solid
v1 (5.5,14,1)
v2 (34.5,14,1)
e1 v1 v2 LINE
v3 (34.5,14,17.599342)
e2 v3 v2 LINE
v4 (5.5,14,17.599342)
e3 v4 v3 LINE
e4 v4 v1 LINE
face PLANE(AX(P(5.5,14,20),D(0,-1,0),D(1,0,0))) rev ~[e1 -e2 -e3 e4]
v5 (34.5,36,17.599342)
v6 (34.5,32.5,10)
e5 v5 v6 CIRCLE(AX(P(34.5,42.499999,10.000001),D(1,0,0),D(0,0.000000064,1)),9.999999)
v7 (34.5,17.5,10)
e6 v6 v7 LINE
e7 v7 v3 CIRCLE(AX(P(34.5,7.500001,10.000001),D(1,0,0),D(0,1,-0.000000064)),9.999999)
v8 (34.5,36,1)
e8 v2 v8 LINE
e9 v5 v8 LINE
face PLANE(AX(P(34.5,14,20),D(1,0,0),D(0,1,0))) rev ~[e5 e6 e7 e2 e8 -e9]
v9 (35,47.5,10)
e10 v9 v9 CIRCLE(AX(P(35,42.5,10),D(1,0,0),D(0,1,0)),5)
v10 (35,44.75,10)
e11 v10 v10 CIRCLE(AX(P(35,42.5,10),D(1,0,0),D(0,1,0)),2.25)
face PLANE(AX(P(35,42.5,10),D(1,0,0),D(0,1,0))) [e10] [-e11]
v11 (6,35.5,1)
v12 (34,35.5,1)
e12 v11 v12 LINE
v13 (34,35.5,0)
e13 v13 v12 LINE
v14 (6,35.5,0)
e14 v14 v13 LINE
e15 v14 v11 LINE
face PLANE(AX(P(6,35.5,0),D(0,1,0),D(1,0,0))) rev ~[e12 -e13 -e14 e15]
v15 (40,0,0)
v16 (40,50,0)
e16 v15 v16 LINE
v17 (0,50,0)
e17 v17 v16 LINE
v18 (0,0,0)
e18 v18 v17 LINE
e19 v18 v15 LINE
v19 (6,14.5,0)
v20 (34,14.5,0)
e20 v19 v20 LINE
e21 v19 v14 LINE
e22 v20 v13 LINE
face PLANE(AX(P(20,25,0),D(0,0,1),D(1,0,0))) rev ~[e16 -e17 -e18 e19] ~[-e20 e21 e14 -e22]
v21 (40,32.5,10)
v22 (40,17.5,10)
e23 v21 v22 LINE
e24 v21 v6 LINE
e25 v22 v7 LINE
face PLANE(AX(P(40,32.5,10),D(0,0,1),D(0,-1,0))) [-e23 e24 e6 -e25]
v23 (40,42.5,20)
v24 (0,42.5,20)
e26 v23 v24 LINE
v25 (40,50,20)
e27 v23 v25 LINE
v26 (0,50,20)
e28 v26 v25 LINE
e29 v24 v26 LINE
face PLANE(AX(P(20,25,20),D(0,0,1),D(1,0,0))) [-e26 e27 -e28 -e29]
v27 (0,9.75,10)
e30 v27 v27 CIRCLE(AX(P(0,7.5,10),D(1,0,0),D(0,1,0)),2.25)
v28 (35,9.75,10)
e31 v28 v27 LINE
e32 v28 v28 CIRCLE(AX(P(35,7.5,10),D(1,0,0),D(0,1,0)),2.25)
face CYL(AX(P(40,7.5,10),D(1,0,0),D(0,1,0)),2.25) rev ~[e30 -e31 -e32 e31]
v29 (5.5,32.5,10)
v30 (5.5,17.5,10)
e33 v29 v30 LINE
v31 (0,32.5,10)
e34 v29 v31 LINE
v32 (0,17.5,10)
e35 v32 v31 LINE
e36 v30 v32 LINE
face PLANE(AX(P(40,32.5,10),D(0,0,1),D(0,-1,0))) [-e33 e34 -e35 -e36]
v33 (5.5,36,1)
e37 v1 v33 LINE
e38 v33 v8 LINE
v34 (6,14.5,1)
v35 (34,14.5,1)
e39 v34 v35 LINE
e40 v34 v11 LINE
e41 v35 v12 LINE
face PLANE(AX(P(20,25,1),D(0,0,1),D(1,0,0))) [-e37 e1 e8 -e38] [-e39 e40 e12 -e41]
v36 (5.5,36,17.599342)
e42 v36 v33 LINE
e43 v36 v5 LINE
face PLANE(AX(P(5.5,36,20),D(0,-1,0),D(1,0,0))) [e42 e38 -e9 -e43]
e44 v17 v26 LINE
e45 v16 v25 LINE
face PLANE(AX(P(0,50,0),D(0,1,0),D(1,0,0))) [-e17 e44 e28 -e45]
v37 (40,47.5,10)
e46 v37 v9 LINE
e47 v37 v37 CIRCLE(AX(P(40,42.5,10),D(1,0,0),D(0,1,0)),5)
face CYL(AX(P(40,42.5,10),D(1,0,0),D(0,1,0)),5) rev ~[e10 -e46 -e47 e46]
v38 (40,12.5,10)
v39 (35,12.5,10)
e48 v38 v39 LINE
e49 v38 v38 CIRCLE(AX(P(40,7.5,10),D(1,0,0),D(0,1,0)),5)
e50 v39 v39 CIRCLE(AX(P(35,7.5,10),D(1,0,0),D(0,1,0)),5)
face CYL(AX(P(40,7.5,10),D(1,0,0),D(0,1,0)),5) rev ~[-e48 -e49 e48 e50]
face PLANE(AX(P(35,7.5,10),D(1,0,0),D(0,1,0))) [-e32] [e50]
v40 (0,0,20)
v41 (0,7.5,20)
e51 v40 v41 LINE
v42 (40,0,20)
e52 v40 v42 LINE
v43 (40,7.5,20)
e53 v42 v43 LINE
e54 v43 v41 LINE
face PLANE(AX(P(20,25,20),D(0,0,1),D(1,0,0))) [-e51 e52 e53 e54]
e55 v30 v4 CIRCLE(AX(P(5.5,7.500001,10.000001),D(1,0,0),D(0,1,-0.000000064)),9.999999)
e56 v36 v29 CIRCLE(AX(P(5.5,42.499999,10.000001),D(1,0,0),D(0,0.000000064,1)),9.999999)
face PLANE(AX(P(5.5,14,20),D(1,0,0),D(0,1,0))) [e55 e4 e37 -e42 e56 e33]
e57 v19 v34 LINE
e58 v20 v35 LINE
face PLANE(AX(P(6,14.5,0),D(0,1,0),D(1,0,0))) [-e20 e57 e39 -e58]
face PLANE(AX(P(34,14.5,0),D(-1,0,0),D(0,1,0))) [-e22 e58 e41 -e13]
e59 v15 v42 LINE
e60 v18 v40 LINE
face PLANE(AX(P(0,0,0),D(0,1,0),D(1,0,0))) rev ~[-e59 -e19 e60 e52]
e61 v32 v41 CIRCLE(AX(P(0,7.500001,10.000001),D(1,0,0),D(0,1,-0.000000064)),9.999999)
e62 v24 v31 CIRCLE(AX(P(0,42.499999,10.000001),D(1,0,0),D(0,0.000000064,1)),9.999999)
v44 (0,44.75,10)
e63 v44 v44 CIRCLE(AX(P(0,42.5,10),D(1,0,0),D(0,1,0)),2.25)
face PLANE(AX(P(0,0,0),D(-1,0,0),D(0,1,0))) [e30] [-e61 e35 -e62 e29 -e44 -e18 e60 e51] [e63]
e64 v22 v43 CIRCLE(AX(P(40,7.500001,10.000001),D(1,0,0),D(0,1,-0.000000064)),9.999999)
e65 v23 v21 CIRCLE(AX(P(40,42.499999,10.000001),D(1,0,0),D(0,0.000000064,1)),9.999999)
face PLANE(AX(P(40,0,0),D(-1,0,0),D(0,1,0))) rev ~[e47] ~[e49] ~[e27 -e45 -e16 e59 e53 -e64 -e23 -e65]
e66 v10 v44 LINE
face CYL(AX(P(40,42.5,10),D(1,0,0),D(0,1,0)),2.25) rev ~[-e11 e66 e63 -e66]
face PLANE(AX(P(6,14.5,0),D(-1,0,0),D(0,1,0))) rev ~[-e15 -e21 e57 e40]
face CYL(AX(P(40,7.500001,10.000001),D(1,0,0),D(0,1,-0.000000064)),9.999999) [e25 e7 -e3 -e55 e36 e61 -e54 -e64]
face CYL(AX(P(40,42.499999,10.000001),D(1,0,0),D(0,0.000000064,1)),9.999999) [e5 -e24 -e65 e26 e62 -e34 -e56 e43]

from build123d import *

# Parameters (mm, degrees)
SKETCH_W        = 40
SKETCH_H        = 50
SKETCH_W_2      = 28
SKETCH_H_2      = 21
PAD_DEPTH       = 20
SKETCH001_R     = 2.25
POCKET_DEPTH    = 40.001
SKETCH002_W     = 29
SKETCH002_H     = 22
POCKET001_DEPTH = 19
SKETCH003_R     = 5
POCKET002_DEPTH = 5
POCKET003_DEPTH = 40.001


with BuildPart() as part:
    # Sketch → Pad (new body)
    with BuildSketch(Plane.XY):
        with Locations((20, 25)):
            Rectangle(SKETCH_W, SKETCH_H)
        with Locations((20, 25)):
            Rectangle(SKETCH_W_2, SKETCH_H_2, mode=Mode.SUBTRACT)
    extrude(amount=PAD_DEPTH)

    # Sketch001 → Pocket (cut, through all)
    with BuildSketch(Plane.YZ.offset(40)):
        with Locations((7.5, 10)):
            Circle(SKETCH001_R)
        with Locations((42.5, 10)):
            Circle(SKETCH001_R)
    extrude(amount=-POCKET_DEPTH, mode=Mode.SUBTRACT)

    # Sketch002 → Pocket001 (cut)
    with BuildSketch(Plane.XY.offset(20)):
        with Locations((20, 25)):
            Rectangle(SKETCH002_W, SKETCH002_H)
    extrude(amount=-POCKET001_DEPTH, mode=Mode.SUBTRACT)

    # Sketch003 → Pocket002 (cut)
    with BuildSketch(Plane.YZ.offset(40)):
        with Locations((7.5, 10)):
            Circle(SKETCH003_R)
        with Locations((42.5, 10)):
            Circle(SKETCH003_R)
    extrude(amount=-POCKET002_DEPTH, mode=Mode.SUBTRACT)

    # Sketch004 → Pocket003 (cut, through all)
    with BuildSketch(Plane.YZ.offset(40)):
        with BuildLine():
            ThreePointArc((17.5, 10), (14.571068, 17.071068), (7.5, 20))
            Line((7.5, 20), (7.5, 22))
            Line((7.5, 22), (42.5, 22))
            Line((42.5, 22), (42.5, 20))
            ThreePointArc((42.5, 20), (35.428932, 17.071068), (32.5, 10))
            Line((32.5, 10), (17.5, 10))
        make_face()
    extrude(amount=-POCKET003_DEPTH, mode=Mode.SUBTRACT)


solid = part.part
